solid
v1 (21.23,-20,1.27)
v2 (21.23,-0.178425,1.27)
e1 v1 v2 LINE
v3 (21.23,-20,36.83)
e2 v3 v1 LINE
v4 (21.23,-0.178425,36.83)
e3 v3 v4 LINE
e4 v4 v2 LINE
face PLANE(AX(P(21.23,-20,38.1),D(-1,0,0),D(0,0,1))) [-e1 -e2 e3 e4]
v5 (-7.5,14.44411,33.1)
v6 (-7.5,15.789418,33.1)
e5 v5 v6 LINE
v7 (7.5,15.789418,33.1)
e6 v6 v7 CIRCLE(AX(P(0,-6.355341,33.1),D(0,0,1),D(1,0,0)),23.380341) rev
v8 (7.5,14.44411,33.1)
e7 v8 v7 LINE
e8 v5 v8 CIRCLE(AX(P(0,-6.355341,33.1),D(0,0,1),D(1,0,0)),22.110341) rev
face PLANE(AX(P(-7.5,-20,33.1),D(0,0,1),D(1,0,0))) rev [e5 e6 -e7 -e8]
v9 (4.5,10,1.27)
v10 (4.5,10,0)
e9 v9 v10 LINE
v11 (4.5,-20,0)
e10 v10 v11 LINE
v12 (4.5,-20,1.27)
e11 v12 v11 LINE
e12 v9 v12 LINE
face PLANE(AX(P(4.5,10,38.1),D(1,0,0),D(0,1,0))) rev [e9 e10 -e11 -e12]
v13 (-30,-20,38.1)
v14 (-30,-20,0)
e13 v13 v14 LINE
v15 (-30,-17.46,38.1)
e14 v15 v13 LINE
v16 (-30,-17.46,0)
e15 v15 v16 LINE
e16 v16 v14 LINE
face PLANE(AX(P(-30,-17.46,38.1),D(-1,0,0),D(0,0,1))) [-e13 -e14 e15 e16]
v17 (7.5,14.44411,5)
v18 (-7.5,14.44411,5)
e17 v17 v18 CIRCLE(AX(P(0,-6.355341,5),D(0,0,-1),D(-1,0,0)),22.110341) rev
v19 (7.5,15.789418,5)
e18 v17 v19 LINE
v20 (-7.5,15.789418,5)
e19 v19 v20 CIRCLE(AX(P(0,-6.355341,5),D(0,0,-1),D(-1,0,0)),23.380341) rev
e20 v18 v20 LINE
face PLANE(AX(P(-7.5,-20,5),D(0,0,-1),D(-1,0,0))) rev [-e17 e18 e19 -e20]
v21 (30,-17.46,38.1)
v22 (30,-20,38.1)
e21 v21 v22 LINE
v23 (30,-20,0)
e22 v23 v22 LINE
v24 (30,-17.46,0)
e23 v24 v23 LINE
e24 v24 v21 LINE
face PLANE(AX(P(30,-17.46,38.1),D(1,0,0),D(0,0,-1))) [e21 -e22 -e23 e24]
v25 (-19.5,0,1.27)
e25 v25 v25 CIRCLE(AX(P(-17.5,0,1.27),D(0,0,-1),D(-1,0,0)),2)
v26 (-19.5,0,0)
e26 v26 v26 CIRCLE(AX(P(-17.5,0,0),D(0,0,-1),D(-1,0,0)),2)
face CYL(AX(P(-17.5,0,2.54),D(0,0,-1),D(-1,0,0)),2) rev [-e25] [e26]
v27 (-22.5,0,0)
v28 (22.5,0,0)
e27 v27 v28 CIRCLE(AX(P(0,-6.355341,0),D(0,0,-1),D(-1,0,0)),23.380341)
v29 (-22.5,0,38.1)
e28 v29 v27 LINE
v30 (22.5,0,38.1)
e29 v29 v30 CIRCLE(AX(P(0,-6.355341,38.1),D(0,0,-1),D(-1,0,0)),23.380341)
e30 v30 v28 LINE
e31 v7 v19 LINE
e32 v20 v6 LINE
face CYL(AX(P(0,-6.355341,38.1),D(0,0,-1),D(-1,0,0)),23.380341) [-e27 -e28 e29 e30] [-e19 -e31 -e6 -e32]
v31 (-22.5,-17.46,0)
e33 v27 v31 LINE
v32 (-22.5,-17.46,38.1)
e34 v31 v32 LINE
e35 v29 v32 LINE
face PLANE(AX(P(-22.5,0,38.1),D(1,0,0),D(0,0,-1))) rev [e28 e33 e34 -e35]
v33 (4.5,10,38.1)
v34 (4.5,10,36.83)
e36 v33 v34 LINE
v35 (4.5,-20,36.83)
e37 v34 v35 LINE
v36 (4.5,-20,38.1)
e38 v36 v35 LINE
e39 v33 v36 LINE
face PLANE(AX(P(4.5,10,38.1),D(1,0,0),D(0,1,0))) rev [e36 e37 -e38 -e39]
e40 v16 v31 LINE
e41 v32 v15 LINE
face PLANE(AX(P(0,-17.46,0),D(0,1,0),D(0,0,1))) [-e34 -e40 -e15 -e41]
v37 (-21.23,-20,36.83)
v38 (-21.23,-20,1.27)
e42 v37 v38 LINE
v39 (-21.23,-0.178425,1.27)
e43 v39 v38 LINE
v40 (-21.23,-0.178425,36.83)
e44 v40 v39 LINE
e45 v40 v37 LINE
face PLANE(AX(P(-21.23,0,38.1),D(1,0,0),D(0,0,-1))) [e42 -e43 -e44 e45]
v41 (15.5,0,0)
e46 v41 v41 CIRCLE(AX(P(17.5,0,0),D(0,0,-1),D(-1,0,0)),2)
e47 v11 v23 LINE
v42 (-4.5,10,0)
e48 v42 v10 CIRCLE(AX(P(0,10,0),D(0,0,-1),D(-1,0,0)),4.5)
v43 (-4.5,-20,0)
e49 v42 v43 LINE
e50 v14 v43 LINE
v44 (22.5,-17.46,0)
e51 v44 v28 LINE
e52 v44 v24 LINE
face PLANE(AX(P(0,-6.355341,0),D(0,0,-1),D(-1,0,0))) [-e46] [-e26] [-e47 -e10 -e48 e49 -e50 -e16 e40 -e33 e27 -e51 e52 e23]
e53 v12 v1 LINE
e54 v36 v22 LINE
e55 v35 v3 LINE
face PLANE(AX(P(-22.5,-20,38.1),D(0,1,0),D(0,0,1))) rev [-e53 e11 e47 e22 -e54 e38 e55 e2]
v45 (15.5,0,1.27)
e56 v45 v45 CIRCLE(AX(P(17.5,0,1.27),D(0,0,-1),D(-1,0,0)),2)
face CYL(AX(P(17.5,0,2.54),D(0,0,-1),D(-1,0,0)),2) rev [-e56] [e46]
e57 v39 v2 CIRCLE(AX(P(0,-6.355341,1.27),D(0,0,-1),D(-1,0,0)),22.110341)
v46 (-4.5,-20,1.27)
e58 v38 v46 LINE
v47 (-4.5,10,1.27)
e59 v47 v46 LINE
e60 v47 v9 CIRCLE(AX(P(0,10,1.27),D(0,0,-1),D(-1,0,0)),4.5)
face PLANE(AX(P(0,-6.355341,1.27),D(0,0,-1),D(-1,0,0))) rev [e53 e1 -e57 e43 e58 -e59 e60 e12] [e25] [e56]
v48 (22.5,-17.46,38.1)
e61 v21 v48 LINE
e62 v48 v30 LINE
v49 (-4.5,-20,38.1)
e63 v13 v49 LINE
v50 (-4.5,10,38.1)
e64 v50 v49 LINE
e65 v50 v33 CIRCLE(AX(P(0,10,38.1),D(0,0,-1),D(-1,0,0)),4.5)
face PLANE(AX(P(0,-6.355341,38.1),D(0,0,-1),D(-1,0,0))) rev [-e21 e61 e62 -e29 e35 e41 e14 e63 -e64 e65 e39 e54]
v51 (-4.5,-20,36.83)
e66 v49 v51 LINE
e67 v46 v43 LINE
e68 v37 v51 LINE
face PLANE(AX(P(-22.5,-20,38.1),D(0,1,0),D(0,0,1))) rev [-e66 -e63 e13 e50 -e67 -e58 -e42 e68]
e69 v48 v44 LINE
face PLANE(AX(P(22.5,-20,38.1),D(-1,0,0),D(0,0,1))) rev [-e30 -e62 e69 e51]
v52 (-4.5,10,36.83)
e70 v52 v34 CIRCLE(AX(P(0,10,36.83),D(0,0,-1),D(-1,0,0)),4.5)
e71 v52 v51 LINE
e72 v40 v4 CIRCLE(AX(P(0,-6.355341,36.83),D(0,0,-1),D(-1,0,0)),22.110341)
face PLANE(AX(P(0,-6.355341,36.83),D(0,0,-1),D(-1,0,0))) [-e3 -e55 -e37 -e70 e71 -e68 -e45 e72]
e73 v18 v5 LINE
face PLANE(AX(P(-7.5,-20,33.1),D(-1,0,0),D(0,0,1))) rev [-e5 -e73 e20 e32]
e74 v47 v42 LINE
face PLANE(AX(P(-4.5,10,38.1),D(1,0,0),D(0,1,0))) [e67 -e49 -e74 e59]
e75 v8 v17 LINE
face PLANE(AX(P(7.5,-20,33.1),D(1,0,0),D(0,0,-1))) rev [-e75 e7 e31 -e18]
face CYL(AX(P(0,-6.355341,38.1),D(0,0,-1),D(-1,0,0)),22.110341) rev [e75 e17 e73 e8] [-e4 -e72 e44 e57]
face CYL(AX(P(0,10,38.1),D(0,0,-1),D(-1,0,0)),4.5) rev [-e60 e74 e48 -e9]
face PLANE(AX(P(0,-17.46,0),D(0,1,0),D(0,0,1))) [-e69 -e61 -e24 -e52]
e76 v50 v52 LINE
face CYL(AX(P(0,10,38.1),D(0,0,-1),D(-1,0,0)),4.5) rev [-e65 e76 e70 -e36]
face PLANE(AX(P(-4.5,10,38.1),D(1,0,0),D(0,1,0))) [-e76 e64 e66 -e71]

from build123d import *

# Parameters (mm, degrees)
BOSS_EXTRUDE3_DEPTH     = 38.1
SHELL1_T                = -1.27
CUT_EXTRUDE1_DEPTH      = 39.1
SKETCH4_R               = 2
CUT_EXTRUDE2_DEPTH      = 2.54
SKETCH5_W               = 15
SKETCH5_H               = 28.1
CUT_EXTRUDE3_DEPTH      = 18.025
CUT_EXTRUDE3_DEPTH_BACK = 21
SKETCH6_W               = 7.5
SKETCH6_H               = 38.1
BOSS_EXTRUDE4_DEPTH     = 2.54


with BuildPart() as part:
    # Sketch1 → Boss-Extrude3 (new body)
    with BuildSketch(Plane.XY):
        with BuildLine():
            Line((-22.5, 0), (-22.5, -20))
            Line((-22.5, -20), (22.5, -20))
            Line((22.5, -20), (22.5, 0))
            ThreePointArc((22.5, 0), (0, 17.025), (-22.5, 0))
        make_face()
    extrude(amount=BOSS_EXTRUDE3_DEPTH)

    # Shell1
    shell1_openings = [part.faces().sort_by_distance(p)[0] for p in [
        (0, -20, 19.05),
    ]]
    offset(amount=SHELL1_T, openings=shell1_openings, kind=Kind.INTERSECTION)

    # Sketch3 → Cut-Extrude1 (cut, through all)
    with BuildSketch(Plane(origin=(0, 0, 0), x_dir=(-1, 0, 0), z_dir=(0, 0, -1))):
        with BuildLine():
            Line((-4.5, 10), (-4.5, -20))
            Line((-4.5, -20), (4.5, -20))
            Line((4.5, -20), (4.5, 10))
            ThreePointArc((4.5, 10), (0, 14.5), (-4.5, 10))
        make_face()
    extrude(amount=-CUT_EXTRUDE1_DEPTH, mode=Mode.SUBTRACT)

    # Sketch4 → Cut-Extrude2 (cut)
    with BuildSketch(Plane(origin=(0, 0, 0), x_dir=(-1, 0, 0), z_dir=(0, 0, -1))):
        with Locations((-17.5, 0)):
            Circle(SKETCH4_R)
        with Locations((17.5, 0)):
            Circle(SKETCH4_R)
    extrude(amount=-CUT_EXTRUDE2_DEPTH, mode=Mode.SUBTRACT)

    # Sketch5 → Cut-Extrude3 (cut, two sides)
    with BuildSketch(Plane(origin=(0, 0, 0), x_dir=(1, 0, 0), z_dir=(0, 1, 0))) as cut_extrude3_sk:
        with Locations((0, -19.05)):
            Rectangle(SKETCH5_W, SKETCH5_H)
    extrude(amount=CUT_EXTRUDE3_DEPTH, mode=Mode.SUBTRACT)
    extrude(cut_extrude3_sk.sketch, amount=-CUT_EXTRUDE3_DEPTH_BACK, mode=Mode.SUBTRACT)

    # Sketch6 → Boss-Extrude4 (add)
    with BuildSketch(Plane.XZ.offset(20)):
        with Locations((-26.25, 19.05)):
            Rectangle(SKETCH6_W, SKETCH6_H)
        with Locations((26.25, 19.05)):
            Rectangle(SKETCH6_W, SKETCH6_H)
    extrude(amount=-BOSS_EXTRUDE4_DEPTH)


solid = part.part
